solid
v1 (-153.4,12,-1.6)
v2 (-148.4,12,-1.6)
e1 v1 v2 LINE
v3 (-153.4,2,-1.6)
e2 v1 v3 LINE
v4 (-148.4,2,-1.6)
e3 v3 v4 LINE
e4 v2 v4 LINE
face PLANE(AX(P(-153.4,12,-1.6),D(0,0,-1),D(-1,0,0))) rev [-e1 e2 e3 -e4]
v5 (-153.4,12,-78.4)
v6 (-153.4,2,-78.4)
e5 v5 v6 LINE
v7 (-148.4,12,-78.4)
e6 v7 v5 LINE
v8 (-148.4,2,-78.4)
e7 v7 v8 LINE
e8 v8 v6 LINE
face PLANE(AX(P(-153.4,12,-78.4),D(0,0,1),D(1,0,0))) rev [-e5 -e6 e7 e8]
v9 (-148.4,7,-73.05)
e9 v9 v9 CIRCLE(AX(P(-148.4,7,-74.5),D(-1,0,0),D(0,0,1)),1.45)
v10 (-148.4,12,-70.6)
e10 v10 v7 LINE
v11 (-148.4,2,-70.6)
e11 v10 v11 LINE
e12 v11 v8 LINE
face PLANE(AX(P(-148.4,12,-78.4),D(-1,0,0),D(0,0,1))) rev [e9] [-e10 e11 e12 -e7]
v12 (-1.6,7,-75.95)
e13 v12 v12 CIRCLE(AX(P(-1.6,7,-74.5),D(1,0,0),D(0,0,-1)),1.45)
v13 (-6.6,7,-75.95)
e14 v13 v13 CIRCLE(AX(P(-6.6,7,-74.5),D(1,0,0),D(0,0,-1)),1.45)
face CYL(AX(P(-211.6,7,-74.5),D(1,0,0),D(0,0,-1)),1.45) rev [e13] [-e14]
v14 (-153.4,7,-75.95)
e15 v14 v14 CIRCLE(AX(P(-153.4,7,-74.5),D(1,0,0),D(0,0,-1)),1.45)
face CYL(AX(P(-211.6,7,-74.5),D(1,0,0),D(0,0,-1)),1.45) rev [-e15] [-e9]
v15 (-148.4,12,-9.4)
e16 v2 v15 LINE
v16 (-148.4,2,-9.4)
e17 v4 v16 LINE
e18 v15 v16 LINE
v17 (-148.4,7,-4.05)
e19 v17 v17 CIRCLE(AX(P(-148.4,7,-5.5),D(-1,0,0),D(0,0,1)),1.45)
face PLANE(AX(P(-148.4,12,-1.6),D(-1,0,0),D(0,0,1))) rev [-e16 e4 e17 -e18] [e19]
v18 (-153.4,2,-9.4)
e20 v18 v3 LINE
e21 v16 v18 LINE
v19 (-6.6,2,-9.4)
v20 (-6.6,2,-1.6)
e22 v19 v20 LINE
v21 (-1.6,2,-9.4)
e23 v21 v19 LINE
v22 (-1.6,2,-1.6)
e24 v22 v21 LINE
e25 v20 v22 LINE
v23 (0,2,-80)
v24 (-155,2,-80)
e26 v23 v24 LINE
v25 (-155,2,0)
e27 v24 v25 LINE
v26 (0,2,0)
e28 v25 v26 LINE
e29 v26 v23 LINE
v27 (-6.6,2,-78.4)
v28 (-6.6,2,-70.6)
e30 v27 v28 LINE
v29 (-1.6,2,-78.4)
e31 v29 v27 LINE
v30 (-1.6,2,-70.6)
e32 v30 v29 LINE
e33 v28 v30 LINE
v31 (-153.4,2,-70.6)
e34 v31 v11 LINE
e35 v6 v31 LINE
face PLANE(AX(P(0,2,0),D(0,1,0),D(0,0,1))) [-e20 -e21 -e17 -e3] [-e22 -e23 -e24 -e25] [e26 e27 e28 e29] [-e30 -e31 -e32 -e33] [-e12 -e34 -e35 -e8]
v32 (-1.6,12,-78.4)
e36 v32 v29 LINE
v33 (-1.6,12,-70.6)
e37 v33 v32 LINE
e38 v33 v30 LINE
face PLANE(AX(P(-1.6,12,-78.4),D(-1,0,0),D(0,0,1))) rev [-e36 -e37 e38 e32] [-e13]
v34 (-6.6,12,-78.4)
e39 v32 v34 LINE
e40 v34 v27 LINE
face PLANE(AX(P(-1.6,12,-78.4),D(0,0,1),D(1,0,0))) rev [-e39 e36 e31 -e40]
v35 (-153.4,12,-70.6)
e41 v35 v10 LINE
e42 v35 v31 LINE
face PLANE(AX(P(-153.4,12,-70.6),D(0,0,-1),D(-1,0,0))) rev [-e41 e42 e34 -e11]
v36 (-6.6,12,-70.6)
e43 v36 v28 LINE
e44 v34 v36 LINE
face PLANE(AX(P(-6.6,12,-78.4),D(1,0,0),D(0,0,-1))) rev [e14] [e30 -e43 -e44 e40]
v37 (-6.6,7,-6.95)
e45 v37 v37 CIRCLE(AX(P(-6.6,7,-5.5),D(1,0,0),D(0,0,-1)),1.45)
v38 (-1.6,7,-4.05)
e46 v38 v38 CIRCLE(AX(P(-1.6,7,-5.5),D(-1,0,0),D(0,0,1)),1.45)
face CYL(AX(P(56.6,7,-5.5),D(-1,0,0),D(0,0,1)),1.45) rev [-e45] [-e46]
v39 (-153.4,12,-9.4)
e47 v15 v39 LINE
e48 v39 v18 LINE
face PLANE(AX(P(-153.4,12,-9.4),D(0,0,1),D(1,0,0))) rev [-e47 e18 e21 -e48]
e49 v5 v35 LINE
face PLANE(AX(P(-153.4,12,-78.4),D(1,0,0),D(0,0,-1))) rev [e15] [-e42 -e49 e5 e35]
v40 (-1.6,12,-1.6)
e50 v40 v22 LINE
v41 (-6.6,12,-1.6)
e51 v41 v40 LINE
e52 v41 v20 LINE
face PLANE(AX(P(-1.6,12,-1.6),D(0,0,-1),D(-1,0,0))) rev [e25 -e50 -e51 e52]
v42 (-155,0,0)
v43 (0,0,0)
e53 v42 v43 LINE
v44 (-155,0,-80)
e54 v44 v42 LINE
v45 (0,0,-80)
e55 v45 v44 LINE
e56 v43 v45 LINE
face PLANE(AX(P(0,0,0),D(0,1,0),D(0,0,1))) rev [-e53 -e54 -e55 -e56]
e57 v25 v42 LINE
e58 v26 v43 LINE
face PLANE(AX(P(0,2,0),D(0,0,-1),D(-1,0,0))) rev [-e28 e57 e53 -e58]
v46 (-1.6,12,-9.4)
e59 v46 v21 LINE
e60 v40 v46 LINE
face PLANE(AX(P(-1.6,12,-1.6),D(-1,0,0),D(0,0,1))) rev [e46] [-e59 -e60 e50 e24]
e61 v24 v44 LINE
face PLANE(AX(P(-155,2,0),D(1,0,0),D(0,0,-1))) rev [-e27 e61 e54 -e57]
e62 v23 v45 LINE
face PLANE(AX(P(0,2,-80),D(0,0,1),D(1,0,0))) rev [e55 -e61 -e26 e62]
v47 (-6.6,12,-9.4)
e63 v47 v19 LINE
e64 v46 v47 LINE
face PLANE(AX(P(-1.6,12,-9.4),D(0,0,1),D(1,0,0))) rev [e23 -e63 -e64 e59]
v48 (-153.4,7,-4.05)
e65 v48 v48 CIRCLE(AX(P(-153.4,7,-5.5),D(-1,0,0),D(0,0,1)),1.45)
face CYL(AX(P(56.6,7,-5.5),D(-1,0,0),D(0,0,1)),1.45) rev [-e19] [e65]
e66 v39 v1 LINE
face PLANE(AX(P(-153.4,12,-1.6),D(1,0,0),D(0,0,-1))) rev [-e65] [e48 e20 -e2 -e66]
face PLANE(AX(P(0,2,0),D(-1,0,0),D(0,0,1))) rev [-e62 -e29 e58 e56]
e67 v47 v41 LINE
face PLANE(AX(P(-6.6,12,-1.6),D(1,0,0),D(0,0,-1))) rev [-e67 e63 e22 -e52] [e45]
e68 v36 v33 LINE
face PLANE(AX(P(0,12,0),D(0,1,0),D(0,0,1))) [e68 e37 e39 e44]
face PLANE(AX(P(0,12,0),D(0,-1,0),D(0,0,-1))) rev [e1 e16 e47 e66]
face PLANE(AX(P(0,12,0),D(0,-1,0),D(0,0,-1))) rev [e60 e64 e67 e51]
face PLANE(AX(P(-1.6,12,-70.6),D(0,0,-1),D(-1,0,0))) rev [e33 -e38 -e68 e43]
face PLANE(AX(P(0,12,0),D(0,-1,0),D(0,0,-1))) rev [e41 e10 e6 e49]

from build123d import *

# Parameters (mm, degrees)
SKETCH1_W           = 155
SKETCH1_H           = 80
BOSS_EXTRUDE1_DEPTH = 2
SKETCH2_W           = 5
SKETCH2_H           = 7.8
BOSS_EXTRUDE2_DEPTH = 10
SKETCH3_R           = 1.45
CUT_EXTRUDE1_DEPTH  = 210
SKETCH4_R           = 1.45
CUT_EXTRUDE2_DEPTH  = 210


with BuildPart() as part:
    # Sketch1 → Boss-Extrude1 (new body)
    with BuildSketch(Plane(origin=(0, 0, 0), x_dir=(1, 0, 0), z_dir=(0, 1, 0))):
        with Locations((-77.5, 40)):
            Rectangle(SKETCH1_W, SKETCH1_H)
    extrude(amount=BOSS_EXTRUDE1_DEPTH)

    # Sketch2 → Boss-Extrude2 (add)
    with BuildSketch(Plane(origin=(0, 2, 0), x_dir=(1, 0, 0), z_dir=(0, 1, 0))):
        with Locations((-150.9, 74.5)):
            Rectangle(SKETCH2_W, SKETCH2_H)
        with Locations((-150.9, 5.5)):
            Rectangle(SKETCH2_W, SKETCH2_H)
        with Locations((-4.1, 74.5)):
            Rectangle(SKETCH2_W, SKETCH2_H)
        with Locations((-4.1, 5.5)):
            Rectangle(SKETCH2_W, SKETCH2_H)
    extrude(amount=BOSS_EXTRUDE2_DEPTH)

    # Sketch3 → Cut-Extrude1 (cut)
    with BuildSketch(Plane.ZY.offset(153.4)):
        with Locations((-5.5, 7)):
            Circle(SKETCH3_R)
    extrude(amount=-CUT_EXTRUDE1_DEPTH, mode=Mode.SUBTRACT)

    # Sketch4 → Cut-Extrude2 (cut)
    with BuildSketch(Plane(origin=(-1.6, 0, 0), x_dir=(0, 0, -1), z_dir=(1, 0, 0))):
        with Locations((74.5, 7)):
            Circle(SKETCH4_R)
    extrude(amount=-CUT_EXTRUDE2_DEPTH, mode=Mode.SUBTRACT)


solid = part.part
